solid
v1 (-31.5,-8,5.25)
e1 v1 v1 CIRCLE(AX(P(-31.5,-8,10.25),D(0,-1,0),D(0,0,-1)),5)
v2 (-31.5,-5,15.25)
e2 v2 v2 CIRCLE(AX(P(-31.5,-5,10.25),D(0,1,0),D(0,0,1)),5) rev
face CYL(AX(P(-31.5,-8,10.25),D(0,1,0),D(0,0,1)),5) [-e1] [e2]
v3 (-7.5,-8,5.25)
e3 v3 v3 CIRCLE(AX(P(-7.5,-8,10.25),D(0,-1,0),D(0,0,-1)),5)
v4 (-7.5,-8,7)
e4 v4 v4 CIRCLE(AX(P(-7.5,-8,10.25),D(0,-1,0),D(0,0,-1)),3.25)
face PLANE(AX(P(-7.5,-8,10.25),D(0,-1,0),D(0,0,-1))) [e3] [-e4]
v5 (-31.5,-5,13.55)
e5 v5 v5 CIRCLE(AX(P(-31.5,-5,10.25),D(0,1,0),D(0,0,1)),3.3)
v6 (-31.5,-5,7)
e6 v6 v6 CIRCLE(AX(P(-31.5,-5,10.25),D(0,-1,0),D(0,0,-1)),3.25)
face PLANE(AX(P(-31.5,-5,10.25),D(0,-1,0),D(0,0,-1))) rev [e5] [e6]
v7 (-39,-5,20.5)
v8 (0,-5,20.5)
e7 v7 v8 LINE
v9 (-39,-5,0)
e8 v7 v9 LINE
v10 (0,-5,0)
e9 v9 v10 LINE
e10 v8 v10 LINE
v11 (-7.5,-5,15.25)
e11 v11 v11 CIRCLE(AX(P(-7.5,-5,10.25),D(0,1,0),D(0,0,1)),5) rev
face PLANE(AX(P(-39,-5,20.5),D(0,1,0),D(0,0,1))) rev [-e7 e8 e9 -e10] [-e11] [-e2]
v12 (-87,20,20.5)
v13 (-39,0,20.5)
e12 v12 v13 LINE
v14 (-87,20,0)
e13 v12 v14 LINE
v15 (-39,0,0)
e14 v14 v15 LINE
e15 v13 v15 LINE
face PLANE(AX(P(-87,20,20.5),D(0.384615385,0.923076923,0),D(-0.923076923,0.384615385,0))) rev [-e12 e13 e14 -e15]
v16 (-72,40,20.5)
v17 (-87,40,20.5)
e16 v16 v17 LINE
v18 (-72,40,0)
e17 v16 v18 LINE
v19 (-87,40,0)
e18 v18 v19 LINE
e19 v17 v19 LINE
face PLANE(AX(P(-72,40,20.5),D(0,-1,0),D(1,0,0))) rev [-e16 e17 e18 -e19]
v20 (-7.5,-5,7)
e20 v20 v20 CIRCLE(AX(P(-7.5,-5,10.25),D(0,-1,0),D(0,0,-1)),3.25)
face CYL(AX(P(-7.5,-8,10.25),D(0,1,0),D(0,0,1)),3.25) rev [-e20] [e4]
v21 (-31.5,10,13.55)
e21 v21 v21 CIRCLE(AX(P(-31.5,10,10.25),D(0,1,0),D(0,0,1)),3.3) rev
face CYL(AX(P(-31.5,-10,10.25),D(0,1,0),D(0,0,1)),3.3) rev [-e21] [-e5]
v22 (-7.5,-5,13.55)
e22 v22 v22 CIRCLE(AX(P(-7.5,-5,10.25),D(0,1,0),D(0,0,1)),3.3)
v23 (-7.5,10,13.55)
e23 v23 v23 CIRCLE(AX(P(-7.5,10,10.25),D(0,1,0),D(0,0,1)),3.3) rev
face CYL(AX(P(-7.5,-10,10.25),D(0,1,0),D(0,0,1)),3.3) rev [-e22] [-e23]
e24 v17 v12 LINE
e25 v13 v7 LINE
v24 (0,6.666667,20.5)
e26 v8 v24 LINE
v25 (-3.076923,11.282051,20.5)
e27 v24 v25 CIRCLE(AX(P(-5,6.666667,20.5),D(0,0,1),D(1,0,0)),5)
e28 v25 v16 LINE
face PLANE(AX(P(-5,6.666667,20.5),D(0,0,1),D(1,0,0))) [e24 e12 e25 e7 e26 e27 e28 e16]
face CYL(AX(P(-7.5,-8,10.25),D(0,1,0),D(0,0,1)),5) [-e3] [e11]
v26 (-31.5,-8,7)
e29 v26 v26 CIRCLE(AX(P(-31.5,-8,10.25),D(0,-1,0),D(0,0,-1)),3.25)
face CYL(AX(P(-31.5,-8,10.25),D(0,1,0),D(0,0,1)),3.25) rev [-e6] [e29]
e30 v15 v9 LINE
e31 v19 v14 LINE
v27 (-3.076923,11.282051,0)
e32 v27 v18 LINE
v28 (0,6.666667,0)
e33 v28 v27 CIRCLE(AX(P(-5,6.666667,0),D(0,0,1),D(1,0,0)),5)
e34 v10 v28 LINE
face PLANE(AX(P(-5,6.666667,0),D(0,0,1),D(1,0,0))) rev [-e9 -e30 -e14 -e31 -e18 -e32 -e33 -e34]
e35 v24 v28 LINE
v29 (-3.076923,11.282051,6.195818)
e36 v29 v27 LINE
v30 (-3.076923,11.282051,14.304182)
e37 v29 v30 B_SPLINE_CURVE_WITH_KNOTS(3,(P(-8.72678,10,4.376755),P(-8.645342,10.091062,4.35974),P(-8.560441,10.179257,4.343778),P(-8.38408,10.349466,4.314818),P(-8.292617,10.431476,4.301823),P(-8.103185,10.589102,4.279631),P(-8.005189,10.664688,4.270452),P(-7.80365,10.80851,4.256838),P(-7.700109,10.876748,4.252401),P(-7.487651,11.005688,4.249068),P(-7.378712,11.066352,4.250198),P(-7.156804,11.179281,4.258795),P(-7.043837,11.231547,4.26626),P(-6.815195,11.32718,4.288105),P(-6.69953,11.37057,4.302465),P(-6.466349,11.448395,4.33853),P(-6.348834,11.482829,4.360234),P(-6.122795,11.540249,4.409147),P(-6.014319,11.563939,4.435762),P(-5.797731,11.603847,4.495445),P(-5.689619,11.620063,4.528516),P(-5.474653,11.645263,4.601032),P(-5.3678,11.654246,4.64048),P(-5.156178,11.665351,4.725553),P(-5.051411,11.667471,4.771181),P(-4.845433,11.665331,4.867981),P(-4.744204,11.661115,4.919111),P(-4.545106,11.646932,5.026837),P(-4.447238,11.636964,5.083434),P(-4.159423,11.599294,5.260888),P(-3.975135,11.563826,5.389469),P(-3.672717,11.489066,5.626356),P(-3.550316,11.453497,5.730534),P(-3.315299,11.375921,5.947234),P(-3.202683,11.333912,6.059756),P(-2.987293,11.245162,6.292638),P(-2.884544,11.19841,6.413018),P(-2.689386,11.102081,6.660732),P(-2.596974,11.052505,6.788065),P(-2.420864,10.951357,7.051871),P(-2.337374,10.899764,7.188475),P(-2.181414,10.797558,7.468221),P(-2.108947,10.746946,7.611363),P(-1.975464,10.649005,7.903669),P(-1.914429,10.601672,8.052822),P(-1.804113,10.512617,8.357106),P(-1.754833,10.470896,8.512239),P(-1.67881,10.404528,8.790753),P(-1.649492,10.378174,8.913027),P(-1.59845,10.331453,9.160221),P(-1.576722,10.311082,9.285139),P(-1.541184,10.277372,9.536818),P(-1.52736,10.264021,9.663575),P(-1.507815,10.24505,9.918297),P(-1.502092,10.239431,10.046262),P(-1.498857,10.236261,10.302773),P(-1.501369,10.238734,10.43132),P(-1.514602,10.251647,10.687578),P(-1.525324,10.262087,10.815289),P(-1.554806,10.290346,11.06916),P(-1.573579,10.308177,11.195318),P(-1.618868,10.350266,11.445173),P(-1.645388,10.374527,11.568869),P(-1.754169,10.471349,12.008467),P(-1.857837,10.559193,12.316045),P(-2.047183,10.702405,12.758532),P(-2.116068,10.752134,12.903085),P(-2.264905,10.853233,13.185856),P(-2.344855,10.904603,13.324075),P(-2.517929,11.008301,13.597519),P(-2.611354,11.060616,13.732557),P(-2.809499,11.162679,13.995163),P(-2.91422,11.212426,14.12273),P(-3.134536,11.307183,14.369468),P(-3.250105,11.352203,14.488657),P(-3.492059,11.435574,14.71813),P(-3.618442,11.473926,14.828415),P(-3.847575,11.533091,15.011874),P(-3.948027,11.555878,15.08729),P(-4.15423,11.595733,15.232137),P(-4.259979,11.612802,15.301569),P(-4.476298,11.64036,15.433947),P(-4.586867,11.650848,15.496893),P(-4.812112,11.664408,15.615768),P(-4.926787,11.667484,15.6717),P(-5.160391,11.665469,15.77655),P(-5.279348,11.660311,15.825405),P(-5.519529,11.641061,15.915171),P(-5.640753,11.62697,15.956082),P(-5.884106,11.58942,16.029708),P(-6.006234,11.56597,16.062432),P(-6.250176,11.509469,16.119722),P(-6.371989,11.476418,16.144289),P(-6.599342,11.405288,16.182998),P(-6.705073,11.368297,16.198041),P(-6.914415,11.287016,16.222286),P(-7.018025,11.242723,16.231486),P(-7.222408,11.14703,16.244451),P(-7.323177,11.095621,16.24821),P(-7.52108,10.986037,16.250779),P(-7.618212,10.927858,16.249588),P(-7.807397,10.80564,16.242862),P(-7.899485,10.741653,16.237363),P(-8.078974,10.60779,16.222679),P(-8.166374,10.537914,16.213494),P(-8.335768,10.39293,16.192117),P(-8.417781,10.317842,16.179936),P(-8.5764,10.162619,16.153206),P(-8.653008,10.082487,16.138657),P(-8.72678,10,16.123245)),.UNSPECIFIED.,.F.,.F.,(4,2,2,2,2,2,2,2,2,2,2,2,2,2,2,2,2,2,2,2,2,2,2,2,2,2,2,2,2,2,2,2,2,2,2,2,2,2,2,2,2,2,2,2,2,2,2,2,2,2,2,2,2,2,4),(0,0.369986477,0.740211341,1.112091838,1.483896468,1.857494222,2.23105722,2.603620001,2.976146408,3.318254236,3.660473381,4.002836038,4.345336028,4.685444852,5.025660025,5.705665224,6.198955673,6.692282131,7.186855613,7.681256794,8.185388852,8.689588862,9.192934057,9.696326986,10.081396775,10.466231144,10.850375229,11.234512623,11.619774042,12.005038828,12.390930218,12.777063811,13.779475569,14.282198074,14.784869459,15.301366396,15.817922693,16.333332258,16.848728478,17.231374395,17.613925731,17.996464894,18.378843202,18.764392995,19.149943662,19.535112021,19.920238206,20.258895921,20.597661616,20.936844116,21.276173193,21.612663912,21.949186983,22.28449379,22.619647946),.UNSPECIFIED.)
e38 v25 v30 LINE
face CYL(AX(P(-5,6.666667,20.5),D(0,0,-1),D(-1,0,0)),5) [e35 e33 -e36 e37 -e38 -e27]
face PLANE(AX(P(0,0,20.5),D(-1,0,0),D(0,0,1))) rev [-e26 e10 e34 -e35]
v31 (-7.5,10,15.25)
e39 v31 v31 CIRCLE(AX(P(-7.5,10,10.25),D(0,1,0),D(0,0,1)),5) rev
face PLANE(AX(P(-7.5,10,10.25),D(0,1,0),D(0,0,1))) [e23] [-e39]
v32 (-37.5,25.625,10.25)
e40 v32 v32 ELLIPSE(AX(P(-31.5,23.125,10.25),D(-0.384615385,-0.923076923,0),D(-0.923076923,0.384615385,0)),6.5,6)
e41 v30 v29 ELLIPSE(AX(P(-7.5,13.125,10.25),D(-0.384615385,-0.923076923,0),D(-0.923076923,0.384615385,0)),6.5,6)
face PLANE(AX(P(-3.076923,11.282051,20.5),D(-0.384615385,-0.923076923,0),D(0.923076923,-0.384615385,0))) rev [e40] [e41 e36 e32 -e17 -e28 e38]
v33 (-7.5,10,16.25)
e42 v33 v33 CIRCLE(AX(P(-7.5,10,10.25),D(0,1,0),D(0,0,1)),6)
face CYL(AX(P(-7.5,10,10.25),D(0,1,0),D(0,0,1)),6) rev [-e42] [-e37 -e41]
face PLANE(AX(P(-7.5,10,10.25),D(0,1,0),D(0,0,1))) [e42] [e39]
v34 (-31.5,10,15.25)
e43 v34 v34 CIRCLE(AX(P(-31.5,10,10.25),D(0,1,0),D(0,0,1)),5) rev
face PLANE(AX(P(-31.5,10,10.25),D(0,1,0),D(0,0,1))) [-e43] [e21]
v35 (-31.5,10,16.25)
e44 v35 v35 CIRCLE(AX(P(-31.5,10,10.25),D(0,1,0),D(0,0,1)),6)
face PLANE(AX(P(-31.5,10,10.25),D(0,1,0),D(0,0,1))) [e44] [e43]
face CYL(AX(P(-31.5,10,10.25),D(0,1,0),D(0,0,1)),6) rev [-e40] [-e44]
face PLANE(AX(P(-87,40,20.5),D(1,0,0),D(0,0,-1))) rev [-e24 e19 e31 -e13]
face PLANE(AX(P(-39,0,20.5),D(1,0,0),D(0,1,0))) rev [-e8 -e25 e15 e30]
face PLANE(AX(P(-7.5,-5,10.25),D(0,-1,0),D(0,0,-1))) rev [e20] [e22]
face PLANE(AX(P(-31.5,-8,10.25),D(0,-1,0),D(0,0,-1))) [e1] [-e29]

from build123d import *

# Parameters (mm, degrees)
BOSS_EXTRUDE1_DEPTH     = 20.5
CUT_EXTRUDE1_DEPTH      = 98.924715981
CUT_EXTRUDE1_DEPTH_BACK = 10
SKETCH2_R               = 3.3
SKETCH3_R               = 6
CUT_EXTRUDE2_DEPTH      = 30
SKETCH4_R               = 5
SKETCH4_R_2             = 3.25
BOSS_EXTRUDE2_DEPTH     = 3


with BuildPart() as part:
    # Sketch1 → Boss-Extrude1 (new body)
    with BuildSketch(Plane.XY):
        with BuildLine():
            Line((0, 0), (0, 6.666666667))
            ThreePointArc((0, 6.666666667), (-0.839748528, 9.440167648), (-3.076923077, 11.282051282))
            Line((-3.076923077, 11.282051282), (-72, 40))
            Line((-72, 40), (-87, 40))
            Line((-87, 40), (-87, 20))
            Line((-87, 20), (-39, 0))
            Line((-39, 0), (-39, -5))
            Line((-39, -5), (0, -5))
            Line((0, -5), (0, 0))
        make_face()
    extrude(amount=BOSS_EXTRUDE1_DEPTH)

    # Sketch2 → Cut-Extrude1 (cut, two sides: drawn at the far end of the back side and taken through both)
    with BuildSketch(Plane(origin=(0, 0, 0), x_dir=(1, 0, 0), z_dir=(0, 1, 0)).offset(-CUT_EXTRUDE1_DEPTH_BACK)):
        with Locations(Location((-7.5, -10.25, 0), (0, 0, 270))):
            Circle(SKETCH2_R)
        with Locations(Location((-31.5, -10.25, 0), (0, 0, 270))):
            Circle(SKETCH2_R)
    extrude(amount=CUT_EXTRUDE1_DEPTH + CUT_EXTRUDE1_DEPTH_BACK, mode=Mode.SUBTRACT)

    # Sketch3 → Cut-Extrude2 (cut)
    with BuildSketch(Plane(origin=(0, 40, 0), x_dir=(1, 0, 0), z_dir=(0, 1, 0))):
        with Locations(Location((-7.5, -10.25, 0), (0, 0, 270))):
            Circle(SKETCH3_R)
        with Locations(Location((-31.5, -10.25, 0), (0, 0, 270))):
            Circle(SKETCH3_R)
    extrude(amount=-CUT_EXTRUDE2_DEPTH, mode=Mode.SUBTRACT)

    # Sketch4 → Boss-Extrude2 (add)
    # profile 1 of 2: a face of its own
    with BuildSketch(Plane.XZ.offset(5)):
        with Locations(Location((-31.5, 10.25, 0), (0, 0, 90))):
            Circle(SKETCH4_R)
        with Locations(Location((-31.5, 10.25, 0), (0, 0, 270))):
            Circle(SKETCH4_R_2, mode=Mode.SUBTRACT)
    # profile 2 of 2: a face of its own
    with BuildSketch(Plane.XZ.offset(5)):
        with Locations(Location((-7.5, 10.25, 0), (0, 0, 90))):
            Circle(SKETCH4_R)
        with Locations(Location((-7.5, 10.25, 0), (0, 0, 270))):
            Circle(SKETCH4_R_2, mode=Mode.SUBTRACT)
    extrude(amount=BOSS_EXTRUDE2_DEPTH)


solid = part.part
